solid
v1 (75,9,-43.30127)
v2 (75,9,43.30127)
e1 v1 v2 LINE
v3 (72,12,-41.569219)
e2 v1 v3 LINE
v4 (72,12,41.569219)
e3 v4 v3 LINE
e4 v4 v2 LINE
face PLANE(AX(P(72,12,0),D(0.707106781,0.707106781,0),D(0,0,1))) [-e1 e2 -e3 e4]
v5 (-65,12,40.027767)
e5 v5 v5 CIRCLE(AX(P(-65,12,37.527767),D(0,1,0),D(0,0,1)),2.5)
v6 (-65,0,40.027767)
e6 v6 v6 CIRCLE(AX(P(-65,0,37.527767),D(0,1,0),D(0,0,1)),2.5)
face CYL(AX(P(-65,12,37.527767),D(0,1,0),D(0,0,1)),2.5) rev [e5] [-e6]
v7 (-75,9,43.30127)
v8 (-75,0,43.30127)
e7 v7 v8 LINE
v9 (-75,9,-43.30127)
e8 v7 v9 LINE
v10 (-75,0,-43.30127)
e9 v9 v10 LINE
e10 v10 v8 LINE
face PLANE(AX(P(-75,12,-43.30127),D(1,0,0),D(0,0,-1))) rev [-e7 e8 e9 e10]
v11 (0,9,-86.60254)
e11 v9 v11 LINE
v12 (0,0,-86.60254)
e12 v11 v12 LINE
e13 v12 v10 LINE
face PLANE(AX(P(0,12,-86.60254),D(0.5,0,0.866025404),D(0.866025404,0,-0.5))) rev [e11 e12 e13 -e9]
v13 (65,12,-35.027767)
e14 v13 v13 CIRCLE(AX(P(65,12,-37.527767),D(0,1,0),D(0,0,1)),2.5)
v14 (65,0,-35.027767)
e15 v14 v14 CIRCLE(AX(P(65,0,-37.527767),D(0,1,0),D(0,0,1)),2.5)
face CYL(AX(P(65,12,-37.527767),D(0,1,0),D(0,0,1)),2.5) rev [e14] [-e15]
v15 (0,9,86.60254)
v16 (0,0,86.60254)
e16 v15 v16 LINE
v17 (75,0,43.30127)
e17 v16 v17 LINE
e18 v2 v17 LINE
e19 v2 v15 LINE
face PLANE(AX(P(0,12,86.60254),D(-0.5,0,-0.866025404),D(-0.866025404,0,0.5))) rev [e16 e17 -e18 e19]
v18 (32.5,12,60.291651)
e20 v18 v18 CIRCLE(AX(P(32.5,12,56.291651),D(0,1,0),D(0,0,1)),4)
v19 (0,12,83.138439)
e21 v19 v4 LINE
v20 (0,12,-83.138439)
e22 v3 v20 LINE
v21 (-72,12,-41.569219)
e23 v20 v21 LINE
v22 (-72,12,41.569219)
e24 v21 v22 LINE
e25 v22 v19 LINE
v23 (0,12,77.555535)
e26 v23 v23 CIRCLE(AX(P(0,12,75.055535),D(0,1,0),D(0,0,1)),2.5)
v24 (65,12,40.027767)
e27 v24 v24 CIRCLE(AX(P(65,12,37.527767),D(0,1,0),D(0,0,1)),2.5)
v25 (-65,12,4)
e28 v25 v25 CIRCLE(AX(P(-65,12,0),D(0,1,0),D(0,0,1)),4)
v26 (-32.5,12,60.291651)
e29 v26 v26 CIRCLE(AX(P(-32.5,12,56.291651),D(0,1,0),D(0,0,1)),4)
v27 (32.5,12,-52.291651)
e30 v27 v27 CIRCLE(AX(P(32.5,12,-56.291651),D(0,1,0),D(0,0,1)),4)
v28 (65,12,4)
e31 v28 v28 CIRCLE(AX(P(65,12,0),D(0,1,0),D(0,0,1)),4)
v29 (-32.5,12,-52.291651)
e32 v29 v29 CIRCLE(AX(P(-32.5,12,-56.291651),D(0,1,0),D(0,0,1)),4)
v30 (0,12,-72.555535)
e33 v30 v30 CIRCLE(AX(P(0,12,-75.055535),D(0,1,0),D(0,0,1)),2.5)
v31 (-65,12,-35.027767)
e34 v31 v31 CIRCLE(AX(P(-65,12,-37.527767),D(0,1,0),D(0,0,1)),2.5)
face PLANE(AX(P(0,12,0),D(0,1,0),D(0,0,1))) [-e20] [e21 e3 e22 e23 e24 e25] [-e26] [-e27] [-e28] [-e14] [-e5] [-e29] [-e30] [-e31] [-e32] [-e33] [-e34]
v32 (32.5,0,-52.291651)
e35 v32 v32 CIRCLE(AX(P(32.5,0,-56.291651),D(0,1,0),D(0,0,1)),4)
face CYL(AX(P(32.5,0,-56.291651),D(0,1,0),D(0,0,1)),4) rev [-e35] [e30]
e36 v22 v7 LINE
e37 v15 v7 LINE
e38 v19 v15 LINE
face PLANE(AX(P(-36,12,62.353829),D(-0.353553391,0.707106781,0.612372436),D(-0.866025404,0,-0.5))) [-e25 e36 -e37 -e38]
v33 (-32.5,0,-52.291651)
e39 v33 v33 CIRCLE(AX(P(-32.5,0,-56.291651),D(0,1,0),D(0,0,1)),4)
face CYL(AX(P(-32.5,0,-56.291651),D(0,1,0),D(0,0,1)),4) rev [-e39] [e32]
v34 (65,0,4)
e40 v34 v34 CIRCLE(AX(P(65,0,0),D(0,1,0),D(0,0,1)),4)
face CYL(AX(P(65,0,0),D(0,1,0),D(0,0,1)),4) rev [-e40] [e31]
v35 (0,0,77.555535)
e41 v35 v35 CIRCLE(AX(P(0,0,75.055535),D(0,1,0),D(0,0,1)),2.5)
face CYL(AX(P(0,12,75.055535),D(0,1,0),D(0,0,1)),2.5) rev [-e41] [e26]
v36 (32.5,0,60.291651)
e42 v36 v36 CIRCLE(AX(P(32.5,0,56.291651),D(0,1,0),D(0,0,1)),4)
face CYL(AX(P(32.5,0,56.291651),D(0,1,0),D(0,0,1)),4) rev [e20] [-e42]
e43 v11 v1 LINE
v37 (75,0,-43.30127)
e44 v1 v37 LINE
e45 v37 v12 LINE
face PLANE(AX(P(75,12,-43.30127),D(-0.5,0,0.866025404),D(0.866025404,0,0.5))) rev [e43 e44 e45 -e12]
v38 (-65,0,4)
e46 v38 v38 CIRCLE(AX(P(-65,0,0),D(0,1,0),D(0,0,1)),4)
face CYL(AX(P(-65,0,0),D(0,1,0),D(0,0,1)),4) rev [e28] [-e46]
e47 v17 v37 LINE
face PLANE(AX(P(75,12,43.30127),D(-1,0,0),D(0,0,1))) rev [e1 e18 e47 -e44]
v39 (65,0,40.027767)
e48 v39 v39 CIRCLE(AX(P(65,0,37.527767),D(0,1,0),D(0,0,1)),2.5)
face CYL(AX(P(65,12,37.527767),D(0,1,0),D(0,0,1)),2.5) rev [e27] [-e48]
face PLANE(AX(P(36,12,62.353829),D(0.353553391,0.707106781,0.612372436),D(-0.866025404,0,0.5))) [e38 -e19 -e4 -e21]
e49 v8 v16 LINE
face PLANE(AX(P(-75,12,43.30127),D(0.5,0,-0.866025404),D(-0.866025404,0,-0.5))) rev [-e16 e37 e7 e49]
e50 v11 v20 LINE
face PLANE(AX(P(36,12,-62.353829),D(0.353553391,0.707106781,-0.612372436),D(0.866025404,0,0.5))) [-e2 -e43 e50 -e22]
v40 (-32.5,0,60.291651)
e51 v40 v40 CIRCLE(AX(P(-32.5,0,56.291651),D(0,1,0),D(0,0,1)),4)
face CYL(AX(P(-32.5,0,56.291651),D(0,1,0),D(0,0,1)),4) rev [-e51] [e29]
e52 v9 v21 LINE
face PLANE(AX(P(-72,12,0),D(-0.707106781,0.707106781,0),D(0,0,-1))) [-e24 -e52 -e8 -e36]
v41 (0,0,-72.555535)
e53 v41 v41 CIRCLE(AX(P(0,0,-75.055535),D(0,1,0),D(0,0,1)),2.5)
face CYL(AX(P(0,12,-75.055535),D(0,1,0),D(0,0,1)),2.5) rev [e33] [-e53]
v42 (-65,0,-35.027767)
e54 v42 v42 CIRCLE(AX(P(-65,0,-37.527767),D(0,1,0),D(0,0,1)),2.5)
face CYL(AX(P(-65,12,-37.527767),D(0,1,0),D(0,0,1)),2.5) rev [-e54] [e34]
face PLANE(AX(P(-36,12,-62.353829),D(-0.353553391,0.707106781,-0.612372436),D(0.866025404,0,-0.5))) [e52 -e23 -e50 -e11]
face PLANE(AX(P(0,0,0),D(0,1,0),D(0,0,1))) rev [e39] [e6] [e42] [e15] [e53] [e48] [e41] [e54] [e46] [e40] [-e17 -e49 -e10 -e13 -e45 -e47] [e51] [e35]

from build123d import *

# Parameters (mm, degrees)
EXTRUDE_1_DEPTH     = 12
CHAMFER_1_SIZE      = 3
SKETCH_2_R          = 4
CUT_EXTRUDE_1_DEPTH = 13
M6X1_0_1_D          = 5


with BuildPart() as part:
    # 草圖1 → 填料-伸長1 (new body)
    with BuildSketch(Plane(origin=(0, 0, 0), x_dir=(1, 0, 0), z_dir=(0, 1, 0))):
        Polygon((0, 86.602540378), (-75, 43.301270189), (-75, -43.301270189), (0, -86.602540378), (75, -43.301270189), (75, 43.301270189), align=None)
    extrude(amount=EXTRUDE_1_DEPTH)

    # 導角1
    chamfer_1_edges = [part.edges().sort_by_distance(p)[0] for p in [
        (-75, 12, 0),
        (-37.5, 12, 64.951905284),
        (37.5, 12, 64.951905284),
        (75, 12, 0),
        (37.5, 12, -64.951905284),
        (-37.5, 12, -64.951905284),
    ]]
    chamfer(chamfer_1_edges, length=CHAMFER_1_SIZE)

    # 草圖2 → 除料-伸長1 (cut, through all)
    with BuildSketch(Plane(origin=(0, 12, 0), x_dir=(1, 0, 0), z_dir=(0, 1, 0))):
        with Locations((32.5, 56.291651246)):
            Circle(SKETCH_2_R)
        with Locations((32.5, -56.291651246)):
            Circle(SKETCH_2_R)
        with Locations((65, 0)):
            Circle(SKETCH_2_R)
        with Locations((-65, 0)):
            Circle(SKETCH_2_R)
        with Locations((-32.5, 56.291651246)):
            Circle(SKETCH_2_R)
        with Locations((-32.5, -56.291651246)):
            Circle(SKETCH_2_R)
    extrude(amount=-CUT_EXTRUDE_1_DEPTH, mode=Mode.SUBTRACT)

    # M6x1.0 螺紋孔1 (through all)
    with Locations(Plane(origin=(-65, 12, -37.527767497), x_dir=(0, 0, 1), z_dir=(0, 1, 0))):
        with Locations((0, 0), (-37.527767498, 65), (0, 130), (75.055534994, 130), (112.583302492, 65), (75.055534994, 0)):
            Hole(M6X1_0_1_D / 2)


solid = part.part
